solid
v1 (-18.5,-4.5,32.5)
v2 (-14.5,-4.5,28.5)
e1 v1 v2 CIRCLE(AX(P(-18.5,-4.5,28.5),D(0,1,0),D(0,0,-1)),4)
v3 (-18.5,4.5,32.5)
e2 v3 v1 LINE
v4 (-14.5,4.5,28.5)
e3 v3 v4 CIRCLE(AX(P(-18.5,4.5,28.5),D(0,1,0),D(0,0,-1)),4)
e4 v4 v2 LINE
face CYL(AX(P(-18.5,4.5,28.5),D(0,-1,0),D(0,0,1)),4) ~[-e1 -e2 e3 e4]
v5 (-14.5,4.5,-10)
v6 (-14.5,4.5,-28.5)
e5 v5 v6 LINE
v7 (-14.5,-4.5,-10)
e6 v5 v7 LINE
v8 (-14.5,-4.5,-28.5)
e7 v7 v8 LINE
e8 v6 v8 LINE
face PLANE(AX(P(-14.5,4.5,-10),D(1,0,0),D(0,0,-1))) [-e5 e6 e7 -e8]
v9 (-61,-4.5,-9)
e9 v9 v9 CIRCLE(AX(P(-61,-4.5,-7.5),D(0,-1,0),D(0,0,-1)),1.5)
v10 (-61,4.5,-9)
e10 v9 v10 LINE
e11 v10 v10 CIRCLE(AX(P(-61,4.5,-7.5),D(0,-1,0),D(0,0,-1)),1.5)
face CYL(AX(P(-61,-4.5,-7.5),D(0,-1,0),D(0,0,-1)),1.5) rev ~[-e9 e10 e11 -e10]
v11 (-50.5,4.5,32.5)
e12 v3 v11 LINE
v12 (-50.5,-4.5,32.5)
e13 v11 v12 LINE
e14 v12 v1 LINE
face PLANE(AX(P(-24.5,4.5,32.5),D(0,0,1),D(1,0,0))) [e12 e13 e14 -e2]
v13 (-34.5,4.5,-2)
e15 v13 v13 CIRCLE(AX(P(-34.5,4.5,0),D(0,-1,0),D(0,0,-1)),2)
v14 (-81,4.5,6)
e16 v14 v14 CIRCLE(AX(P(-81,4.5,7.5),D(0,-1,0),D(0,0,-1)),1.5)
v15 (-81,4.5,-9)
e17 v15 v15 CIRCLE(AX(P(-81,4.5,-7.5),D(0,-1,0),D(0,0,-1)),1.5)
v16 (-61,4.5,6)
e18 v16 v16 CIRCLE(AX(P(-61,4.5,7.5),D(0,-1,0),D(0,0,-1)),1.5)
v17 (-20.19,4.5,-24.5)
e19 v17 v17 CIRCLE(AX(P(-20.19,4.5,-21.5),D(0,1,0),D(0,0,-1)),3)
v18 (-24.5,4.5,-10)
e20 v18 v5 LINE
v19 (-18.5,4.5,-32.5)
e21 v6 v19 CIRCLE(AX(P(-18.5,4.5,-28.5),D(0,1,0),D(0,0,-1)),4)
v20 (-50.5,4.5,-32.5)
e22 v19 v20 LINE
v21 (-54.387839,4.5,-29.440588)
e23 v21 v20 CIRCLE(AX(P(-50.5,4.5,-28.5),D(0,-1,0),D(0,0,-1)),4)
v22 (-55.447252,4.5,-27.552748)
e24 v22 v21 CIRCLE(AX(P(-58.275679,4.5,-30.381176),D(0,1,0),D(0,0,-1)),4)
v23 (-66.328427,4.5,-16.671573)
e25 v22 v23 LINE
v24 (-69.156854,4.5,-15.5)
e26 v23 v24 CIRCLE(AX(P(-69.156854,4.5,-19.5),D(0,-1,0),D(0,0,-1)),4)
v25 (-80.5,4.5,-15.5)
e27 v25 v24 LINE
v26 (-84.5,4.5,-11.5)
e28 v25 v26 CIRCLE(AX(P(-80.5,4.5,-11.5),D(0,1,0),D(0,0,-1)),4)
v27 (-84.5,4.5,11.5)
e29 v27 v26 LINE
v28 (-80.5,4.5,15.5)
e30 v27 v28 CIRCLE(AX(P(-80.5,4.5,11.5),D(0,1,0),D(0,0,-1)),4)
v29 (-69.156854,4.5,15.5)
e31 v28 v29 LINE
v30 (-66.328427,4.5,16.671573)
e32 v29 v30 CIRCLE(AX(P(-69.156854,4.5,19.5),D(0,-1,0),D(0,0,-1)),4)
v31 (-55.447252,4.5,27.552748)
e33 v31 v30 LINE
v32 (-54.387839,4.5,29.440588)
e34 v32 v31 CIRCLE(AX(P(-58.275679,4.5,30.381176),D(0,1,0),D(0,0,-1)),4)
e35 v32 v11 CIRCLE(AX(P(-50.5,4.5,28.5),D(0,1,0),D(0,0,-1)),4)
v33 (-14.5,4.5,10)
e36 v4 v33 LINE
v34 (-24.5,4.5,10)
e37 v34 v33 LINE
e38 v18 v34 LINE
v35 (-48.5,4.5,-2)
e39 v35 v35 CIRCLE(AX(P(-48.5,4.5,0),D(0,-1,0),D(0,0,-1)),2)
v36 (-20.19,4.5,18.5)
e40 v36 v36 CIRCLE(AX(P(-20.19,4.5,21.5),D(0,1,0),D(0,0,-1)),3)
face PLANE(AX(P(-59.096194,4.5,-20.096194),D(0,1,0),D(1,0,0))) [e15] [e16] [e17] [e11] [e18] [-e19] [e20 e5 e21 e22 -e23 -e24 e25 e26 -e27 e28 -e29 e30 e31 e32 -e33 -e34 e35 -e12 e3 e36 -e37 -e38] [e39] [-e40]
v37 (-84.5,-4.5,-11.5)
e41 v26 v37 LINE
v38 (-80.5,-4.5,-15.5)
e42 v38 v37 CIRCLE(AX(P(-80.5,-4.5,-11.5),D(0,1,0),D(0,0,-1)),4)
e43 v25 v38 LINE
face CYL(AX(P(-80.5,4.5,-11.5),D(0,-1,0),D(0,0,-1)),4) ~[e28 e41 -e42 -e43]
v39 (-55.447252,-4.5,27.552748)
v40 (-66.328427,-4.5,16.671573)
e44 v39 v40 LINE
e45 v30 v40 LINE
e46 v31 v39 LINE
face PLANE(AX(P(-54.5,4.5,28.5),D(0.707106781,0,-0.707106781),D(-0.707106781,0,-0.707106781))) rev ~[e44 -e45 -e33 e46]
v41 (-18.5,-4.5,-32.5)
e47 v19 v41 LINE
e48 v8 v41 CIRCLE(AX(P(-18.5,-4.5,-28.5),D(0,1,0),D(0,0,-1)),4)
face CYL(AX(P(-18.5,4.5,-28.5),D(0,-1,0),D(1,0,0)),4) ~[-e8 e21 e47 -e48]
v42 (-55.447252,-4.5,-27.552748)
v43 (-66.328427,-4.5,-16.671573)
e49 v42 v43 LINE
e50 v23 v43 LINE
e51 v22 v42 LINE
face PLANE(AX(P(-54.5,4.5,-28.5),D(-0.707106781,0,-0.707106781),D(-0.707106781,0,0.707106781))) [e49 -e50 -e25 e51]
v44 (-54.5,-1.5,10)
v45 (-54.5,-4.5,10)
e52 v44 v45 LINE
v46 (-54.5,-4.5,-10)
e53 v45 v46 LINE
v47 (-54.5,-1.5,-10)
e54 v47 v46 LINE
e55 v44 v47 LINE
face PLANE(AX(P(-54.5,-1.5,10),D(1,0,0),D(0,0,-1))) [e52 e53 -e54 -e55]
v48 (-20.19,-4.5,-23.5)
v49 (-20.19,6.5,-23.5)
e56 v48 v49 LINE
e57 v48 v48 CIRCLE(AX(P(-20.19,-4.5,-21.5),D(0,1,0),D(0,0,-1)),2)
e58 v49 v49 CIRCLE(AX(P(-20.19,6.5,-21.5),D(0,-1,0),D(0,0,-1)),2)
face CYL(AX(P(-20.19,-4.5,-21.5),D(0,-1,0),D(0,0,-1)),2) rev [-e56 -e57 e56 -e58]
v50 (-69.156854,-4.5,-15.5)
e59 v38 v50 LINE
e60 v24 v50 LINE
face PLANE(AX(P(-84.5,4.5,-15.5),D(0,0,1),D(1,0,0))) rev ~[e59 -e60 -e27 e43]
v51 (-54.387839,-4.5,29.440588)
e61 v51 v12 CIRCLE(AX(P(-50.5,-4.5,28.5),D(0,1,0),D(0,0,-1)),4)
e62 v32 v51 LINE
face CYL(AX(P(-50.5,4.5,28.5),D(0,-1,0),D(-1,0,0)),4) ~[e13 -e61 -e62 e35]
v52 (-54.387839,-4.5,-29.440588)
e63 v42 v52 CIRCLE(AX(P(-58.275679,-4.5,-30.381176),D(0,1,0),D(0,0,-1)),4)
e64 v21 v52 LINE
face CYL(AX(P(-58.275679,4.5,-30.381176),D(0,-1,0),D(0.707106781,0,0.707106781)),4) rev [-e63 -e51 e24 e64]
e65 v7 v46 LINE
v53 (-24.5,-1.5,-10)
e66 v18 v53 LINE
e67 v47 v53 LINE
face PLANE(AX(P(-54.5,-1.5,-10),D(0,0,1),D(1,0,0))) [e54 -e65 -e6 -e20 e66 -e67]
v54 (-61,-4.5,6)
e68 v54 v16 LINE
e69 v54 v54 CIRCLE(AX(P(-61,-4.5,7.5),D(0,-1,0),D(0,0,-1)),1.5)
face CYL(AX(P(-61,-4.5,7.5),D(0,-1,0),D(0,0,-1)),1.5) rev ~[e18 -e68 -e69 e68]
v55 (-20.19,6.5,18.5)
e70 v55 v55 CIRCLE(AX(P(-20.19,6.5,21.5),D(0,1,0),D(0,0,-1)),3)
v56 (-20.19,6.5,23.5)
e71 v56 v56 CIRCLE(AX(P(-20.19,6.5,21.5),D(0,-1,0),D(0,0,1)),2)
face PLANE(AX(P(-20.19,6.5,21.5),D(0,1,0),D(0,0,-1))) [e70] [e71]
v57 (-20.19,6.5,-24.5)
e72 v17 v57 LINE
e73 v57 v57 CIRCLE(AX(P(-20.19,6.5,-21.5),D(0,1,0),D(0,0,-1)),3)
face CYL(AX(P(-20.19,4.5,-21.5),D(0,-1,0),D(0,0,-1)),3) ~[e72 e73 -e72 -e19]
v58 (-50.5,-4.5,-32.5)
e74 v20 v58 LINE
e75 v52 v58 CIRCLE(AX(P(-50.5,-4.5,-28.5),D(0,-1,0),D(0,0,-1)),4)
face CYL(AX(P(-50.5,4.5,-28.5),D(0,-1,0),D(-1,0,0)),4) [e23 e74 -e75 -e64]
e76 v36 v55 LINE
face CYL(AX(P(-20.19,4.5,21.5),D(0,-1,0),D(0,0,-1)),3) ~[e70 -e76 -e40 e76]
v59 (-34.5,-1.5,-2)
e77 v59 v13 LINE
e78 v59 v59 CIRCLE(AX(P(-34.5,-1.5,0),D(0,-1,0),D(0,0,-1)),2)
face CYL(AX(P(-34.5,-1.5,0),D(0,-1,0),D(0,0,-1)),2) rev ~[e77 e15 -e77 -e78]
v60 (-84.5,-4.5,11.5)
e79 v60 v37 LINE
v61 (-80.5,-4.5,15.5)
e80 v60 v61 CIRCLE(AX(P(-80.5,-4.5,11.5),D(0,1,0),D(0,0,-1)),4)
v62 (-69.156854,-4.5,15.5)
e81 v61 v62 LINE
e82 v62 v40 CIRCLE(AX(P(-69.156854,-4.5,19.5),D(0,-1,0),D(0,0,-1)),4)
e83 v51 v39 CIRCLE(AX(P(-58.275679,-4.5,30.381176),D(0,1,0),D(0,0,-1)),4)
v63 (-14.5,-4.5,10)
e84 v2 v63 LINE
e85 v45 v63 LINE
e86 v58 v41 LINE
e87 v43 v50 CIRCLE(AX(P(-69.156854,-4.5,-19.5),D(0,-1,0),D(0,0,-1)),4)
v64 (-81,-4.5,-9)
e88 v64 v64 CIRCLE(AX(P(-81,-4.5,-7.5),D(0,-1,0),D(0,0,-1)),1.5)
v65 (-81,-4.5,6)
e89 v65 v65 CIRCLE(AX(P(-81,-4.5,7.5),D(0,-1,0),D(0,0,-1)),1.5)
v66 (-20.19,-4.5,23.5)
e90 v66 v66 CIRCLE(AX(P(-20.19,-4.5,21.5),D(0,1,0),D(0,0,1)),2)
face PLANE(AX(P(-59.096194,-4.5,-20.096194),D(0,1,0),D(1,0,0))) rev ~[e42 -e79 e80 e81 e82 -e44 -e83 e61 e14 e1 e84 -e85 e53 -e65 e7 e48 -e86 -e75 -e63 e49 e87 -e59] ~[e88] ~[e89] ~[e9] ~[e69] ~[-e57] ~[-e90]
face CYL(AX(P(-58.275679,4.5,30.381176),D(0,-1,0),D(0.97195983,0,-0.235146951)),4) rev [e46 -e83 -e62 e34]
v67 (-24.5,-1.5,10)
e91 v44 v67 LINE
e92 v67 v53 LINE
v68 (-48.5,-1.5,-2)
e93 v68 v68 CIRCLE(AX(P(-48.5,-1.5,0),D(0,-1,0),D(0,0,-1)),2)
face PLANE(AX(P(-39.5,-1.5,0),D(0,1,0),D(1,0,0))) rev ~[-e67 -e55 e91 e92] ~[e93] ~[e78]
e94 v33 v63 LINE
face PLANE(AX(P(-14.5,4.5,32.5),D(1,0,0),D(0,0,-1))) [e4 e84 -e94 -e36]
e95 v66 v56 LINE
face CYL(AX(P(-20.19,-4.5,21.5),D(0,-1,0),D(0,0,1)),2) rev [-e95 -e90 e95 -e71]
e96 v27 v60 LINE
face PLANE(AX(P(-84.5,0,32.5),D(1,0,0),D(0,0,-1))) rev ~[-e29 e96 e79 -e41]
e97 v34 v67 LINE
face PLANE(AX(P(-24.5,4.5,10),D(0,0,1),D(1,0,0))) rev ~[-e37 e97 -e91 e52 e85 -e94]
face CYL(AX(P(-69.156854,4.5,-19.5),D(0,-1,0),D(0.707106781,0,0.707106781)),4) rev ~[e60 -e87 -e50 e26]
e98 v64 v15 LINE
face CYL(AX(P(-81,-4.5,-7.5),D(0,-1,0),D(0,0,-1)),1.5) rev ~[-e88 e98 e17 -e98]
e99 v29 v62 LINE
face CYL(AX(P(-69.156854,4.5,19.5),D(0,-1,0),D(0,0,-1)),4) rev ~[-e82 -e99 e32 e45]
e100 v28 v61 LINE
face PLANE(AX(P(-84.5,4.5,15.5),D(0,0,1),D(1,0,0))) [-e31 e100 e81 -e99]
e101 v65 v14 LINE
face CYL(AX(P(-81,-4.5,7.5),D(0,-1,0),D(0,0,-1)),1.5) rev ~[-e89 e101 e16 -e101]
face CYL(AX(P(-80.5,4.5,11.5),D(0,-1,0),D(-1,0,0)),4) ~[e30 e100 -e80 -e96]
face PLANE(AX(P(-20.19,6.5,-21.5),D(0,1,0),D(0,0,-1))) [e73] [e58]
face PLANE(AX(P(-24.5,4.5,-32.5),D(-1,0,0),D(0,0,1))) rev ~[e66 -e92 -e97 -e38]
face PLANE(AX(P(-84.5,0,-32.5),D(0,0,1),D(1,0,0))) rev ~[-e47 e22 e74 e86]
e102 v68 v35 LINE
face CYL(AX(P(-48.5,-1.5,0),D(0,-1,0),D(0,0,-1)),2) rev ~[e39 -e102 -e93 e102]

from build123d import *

# Parameters (mm, degrees)
SKETCH1_R               = 12
BOSS_EXTRUDE1_DEPTH     = 4.5
SKETCH2_R               = 1.7
CUT_EXTRUDE1_DEPTH      = 91.980767198
FILLET1_R               = 4
CUT_EXTRUDE4_DEPTH      = 91.980767198
SKETCH6_R               = 1.5
CUT_EXTRUDE5_DEPTH      = 41
CUT_EXTRUDE6_START      = -6
SKETCH7_W               = 30
SKETCH7_H               = 20
CUT_EXTRUDE6_DEPTH      = 3
SKETCH8_W               = 30
SKETCH8_H               = 17
CUT_EXTRUDE7_DEPTH      = 9
FILLET5_R               = 4
SKETCH10_W              = 10
SKETCH10_H              = 22.5
BOSS_EXTRUDE2_DEPTH     = 9
SKETCH13_R              = 3
BOSS_EXTRUDE4_DEPTH     = 2
CUT_EXTRUDE8_DEPTH      = 5
CUT_EXTRUDE8_DEPTH_BACK = 9
SKETCH11_R              = 2
FILLET6_R               = 4
BOSS_EXTRUDE3_DEPTH     = 9
FILLET8_R               = 4
SKETCH14_R              = 2
CUT_EXTRUDE9_DEPTH      = 16


with BuildPart() as part:
    # Sketch1 → Boss-Extrude1 (new, symmetric)
    with BuildSketch(Plane(origin=(0, 0, 0), x_dir=(1, 0, 0), z_dir=(0, 1, 0))):
        Polygon((21.5, 20), (21.5, -20), (-20.5, -32.5), (-84.5, -32.5), (-84.5, 32.5), (-20.5, 32.5), align=None)
        with Locations(Location((0, 0, 0), (0, 0, 270))):
            Circle(SKETCH1_R, mode=Mode.SUBTRACT)
    extrude(amount=BOSS_EXTRUDE1_DEPTH, both=True)

    # Sketch2 → Cut-Extrude1 (cut, through all)
    with BuildSketch(Plane(origin=(0, 4.5, 0), x_dir=(1, 0, 0), z_dir=(0, 1, 0))):
        with Locations(Location((15.5, 15.5, 0), (0, 0, 270))):
            Circle(SKETCH2_R)
        with Locations(Location((-15.5, 15.5, 0), (0, 0, 270))):
            Circle(SKETCH2_R)
        with Locations(Location((-15.5, -15.5, 0), (0, 0, 270))):
            Circle(SKETCH2_R)
        with Locations(Location((15.5, -15.5, 0), (0, 0, 270))):
            Circle(SKETCH2_R)
        with Locations(Location((-19.5, 27.5, 0), (0, 0, 270))):
            Circle(SKETCH2_R)
        with Locations(Location((-19.5, -27.5, 0), (0, 0, 270))):
            Circle(SKETCH2_R)
    extrude(amount=-CUT_EXTRUDE1_DEPTH, mode=Mode.SUBTRACT)

    # Fillet1
    fillet1_edges = [part.edges().sort_by_distance(p)[0] for p in [
        (-20.5, 0, 32.5),
        (-84.5, 0, 32.5),
        (-84.5, 0, -32.5),
        (-20.5, 0, -32.5),
        (21.5, 0, -20),
        (21.5, 0, 20),
    ]]
    fillet(fillet1_edges, radius=FILLET1_R)

    # Sketch5 → Cut-Extrude4 (cut, through all)
    with BuildSketch(Plane(origin=(0, 4.5, 0), x_dir=(1, 0, 0), z_dir=(0, 1, 0))):
        Polygon((-24.5, 32.5), (-24.5, 10), (-24.5, -10), (-24.5, -32.5), (26.912022907, -32.5), (26.912022907, 32.5), align=None)
    extrude(amount=-CUT_EXTRUDE4_DEPTH, mode=Mode.SUBTRACT)

    # Sketch6 → Cut-Extrude5 (cut)
    with BuildSketch(Plane.XZ.offset(4.5)):
        with Locations(Location((-81, -7.5, 0), (0, 0, 270))):
            Circle(SKETCH6_R)
        with Locations(Location((-81, 7.5, 0), (0, 0, 270))):
            Circle(SKETCH6_R)
        with Locations(Location((-61, -7.5, 0), (0, 0, 270))):
            Circle(SKETCH6_R)
        with Locations(Location((-61, 7.5, 0), (0, 0, 270))):
            Circle(SKETCH6_R)
    extrude(amount=-CUT_EXTRUDE5_DEPTH, mode=Mode.SUBTRACT)

    # Sketch7 → Cut-Extrude6 (cut)
    with BuildSketch(Plane(origin=(0, 4.5, 0), x_dir=(1, 0, 0), z_dir=(0, 1, 0)).offset(CUT_EXTRUDE6_START)):
        with Locations((-39.5, 0)):
            Rectangle(SKETCH7_W, SKETCH7_H)
    extrude(amount=-CUT_EXTRUDE6_DEPTH, mode=Mode.SUBTRACT)

    # Sketch8 → Cut-Extrude7 (cut)
    with BuildSketch(Plane(origin=(0, 4.5, 0), x_dir=(1, 0, 0), z_dir=(0, 1, 0))):
        with Locations((-69.5, 24)):
            Rectangle(SKETCH8_W, SKETCH8_H)
        with Locations((-69.5, -24)):
            Rectangle(SKETCH8_W, SKETCH8_H)
    extrude(amount=-CUT_EXTRUDE7_DEPTH, mode=Mode.SUBTRACT)

    # Fillet5
    fillet5_edges = [part.edges().sort_by_distance(p)[0] for p in [
        (-84.5, 0, -15.5),
        (-54.5, 0, -32.5),
        (-84.5, 0, 15.5),
        (-54.5, 0, 32.5),
    ]]
    fillet(fillet5_edges, radius=FILLET5_R)

    # Sketch10 → Boss-Extrude2 (add)
    with BuildSketch(Plane(origin=(0, 4.5, 0), x_dir=(1, 0, 0), z_dir=(0, 1, 0))):
        with Locations((-19.5, -21.25)):
            Rectangle(SKETCH10_W, SKETCH10_H)
        with Locations((-19.5, 21.25)):
            Rectangle(SKETCH10_W, SKETCH10_H)
    extrude(amount=-BOSS_EXTRUDE2_DEPTH)

    # Sketch13 → Boss-Extrude4 (add)
    with BuildSketch(Plane(origin=(0, 4.5, 0), x_dir=(1, 0, 0), z_dir=(0, 1, 0))):
        with Locations(Location((-20.19, -21.5, 0), (0, 0, 90))):
            Circle(SKETCH13_R)
        with Locations(Location((-20.19, 21.5, 0), (0, 0, 90))):
            Circle(SKETCH13_R)
    extrude(amount=BOSS_EXTRUDE4_DEPTH)

    # Sketch11 → Cut-Extrude8 (cut, two sides: drawn at the far end of the back side and taken through both)
    with BuildSketch(Plane(origin=(0, 4.5, 0), x_dir=(1, 0, 0), z_dir=(0, 1, 0)).offset(-CUT_EXTRUDE8_DEPTH_BACK)):
        with Locations(Location((-20.19, -21.5, 0), (0, 0, 270))):
            Circle(SKETCH11_R)
        with Locations(Location((-20.19, 21.5, 0), (0, 0, 90))):
            Circle(SKETCH11_R)
    extrude(amount=CUT_EXTRUDE8_DEPTH + CUT_EXTRUDE8_DEPTH_BACK, mode=Mode.SUBTRACT)

    # Fillet6
    fillet6_edges = [part.edges().sort_by_distance(p)[0] for p in [
        (-14.5, 0, 32.5),
        (-14.5, 0, -32.5),
    ]]
    fillet(fillet6_edges, radius=FILLET6_R)

    # Sketch12 → Boss-Extrude3 (add)
    with BuildSketch(Plane(origin=(0, 4.5, 0), x_dir=(1, 0, 0), z_dir=(0, 1, 0))):
        Polygon((-54.5, 28.5), (-67.5, 15.5), (-54.5, 15.5), align=None)
        Polygon((-54.5, -28.5), (-67.5, -15.5), (-54.5, -15.5), align=None)
    extrude(amount=-BOSS_EXTRUDE3_DEPTH)

    # Fillet8
    fillet8_edges = [part.edges().sort_by_distance(p)[0] for p in [
        (-54.5, 0, -28.5),
        (-54.5, 0, 28.5),
        (-67.5, 0, -15.5),
        (-67.5, 0, 15.5),
    ]]
    fillet(fillet8_edges, radius=FILLET8_R)

    # Sketch14 → Cut-Extrude9 (cut)
    with BuildSketch(Plane.XZ.offset(1.5)):
        with Locations(Location((-48.5, 0, 0), (0, 0, 270))):
            Circle(SKETCH14_R)
        with Locations(Location((-34.5, 0, 0), (0, 0, 270))):
            Circle(SKETCH14_R)
    extrude(amount=-CUT_EXTRUDE9_DEPTH, mode=Mode.SUBTRACT)


solid = part.part
